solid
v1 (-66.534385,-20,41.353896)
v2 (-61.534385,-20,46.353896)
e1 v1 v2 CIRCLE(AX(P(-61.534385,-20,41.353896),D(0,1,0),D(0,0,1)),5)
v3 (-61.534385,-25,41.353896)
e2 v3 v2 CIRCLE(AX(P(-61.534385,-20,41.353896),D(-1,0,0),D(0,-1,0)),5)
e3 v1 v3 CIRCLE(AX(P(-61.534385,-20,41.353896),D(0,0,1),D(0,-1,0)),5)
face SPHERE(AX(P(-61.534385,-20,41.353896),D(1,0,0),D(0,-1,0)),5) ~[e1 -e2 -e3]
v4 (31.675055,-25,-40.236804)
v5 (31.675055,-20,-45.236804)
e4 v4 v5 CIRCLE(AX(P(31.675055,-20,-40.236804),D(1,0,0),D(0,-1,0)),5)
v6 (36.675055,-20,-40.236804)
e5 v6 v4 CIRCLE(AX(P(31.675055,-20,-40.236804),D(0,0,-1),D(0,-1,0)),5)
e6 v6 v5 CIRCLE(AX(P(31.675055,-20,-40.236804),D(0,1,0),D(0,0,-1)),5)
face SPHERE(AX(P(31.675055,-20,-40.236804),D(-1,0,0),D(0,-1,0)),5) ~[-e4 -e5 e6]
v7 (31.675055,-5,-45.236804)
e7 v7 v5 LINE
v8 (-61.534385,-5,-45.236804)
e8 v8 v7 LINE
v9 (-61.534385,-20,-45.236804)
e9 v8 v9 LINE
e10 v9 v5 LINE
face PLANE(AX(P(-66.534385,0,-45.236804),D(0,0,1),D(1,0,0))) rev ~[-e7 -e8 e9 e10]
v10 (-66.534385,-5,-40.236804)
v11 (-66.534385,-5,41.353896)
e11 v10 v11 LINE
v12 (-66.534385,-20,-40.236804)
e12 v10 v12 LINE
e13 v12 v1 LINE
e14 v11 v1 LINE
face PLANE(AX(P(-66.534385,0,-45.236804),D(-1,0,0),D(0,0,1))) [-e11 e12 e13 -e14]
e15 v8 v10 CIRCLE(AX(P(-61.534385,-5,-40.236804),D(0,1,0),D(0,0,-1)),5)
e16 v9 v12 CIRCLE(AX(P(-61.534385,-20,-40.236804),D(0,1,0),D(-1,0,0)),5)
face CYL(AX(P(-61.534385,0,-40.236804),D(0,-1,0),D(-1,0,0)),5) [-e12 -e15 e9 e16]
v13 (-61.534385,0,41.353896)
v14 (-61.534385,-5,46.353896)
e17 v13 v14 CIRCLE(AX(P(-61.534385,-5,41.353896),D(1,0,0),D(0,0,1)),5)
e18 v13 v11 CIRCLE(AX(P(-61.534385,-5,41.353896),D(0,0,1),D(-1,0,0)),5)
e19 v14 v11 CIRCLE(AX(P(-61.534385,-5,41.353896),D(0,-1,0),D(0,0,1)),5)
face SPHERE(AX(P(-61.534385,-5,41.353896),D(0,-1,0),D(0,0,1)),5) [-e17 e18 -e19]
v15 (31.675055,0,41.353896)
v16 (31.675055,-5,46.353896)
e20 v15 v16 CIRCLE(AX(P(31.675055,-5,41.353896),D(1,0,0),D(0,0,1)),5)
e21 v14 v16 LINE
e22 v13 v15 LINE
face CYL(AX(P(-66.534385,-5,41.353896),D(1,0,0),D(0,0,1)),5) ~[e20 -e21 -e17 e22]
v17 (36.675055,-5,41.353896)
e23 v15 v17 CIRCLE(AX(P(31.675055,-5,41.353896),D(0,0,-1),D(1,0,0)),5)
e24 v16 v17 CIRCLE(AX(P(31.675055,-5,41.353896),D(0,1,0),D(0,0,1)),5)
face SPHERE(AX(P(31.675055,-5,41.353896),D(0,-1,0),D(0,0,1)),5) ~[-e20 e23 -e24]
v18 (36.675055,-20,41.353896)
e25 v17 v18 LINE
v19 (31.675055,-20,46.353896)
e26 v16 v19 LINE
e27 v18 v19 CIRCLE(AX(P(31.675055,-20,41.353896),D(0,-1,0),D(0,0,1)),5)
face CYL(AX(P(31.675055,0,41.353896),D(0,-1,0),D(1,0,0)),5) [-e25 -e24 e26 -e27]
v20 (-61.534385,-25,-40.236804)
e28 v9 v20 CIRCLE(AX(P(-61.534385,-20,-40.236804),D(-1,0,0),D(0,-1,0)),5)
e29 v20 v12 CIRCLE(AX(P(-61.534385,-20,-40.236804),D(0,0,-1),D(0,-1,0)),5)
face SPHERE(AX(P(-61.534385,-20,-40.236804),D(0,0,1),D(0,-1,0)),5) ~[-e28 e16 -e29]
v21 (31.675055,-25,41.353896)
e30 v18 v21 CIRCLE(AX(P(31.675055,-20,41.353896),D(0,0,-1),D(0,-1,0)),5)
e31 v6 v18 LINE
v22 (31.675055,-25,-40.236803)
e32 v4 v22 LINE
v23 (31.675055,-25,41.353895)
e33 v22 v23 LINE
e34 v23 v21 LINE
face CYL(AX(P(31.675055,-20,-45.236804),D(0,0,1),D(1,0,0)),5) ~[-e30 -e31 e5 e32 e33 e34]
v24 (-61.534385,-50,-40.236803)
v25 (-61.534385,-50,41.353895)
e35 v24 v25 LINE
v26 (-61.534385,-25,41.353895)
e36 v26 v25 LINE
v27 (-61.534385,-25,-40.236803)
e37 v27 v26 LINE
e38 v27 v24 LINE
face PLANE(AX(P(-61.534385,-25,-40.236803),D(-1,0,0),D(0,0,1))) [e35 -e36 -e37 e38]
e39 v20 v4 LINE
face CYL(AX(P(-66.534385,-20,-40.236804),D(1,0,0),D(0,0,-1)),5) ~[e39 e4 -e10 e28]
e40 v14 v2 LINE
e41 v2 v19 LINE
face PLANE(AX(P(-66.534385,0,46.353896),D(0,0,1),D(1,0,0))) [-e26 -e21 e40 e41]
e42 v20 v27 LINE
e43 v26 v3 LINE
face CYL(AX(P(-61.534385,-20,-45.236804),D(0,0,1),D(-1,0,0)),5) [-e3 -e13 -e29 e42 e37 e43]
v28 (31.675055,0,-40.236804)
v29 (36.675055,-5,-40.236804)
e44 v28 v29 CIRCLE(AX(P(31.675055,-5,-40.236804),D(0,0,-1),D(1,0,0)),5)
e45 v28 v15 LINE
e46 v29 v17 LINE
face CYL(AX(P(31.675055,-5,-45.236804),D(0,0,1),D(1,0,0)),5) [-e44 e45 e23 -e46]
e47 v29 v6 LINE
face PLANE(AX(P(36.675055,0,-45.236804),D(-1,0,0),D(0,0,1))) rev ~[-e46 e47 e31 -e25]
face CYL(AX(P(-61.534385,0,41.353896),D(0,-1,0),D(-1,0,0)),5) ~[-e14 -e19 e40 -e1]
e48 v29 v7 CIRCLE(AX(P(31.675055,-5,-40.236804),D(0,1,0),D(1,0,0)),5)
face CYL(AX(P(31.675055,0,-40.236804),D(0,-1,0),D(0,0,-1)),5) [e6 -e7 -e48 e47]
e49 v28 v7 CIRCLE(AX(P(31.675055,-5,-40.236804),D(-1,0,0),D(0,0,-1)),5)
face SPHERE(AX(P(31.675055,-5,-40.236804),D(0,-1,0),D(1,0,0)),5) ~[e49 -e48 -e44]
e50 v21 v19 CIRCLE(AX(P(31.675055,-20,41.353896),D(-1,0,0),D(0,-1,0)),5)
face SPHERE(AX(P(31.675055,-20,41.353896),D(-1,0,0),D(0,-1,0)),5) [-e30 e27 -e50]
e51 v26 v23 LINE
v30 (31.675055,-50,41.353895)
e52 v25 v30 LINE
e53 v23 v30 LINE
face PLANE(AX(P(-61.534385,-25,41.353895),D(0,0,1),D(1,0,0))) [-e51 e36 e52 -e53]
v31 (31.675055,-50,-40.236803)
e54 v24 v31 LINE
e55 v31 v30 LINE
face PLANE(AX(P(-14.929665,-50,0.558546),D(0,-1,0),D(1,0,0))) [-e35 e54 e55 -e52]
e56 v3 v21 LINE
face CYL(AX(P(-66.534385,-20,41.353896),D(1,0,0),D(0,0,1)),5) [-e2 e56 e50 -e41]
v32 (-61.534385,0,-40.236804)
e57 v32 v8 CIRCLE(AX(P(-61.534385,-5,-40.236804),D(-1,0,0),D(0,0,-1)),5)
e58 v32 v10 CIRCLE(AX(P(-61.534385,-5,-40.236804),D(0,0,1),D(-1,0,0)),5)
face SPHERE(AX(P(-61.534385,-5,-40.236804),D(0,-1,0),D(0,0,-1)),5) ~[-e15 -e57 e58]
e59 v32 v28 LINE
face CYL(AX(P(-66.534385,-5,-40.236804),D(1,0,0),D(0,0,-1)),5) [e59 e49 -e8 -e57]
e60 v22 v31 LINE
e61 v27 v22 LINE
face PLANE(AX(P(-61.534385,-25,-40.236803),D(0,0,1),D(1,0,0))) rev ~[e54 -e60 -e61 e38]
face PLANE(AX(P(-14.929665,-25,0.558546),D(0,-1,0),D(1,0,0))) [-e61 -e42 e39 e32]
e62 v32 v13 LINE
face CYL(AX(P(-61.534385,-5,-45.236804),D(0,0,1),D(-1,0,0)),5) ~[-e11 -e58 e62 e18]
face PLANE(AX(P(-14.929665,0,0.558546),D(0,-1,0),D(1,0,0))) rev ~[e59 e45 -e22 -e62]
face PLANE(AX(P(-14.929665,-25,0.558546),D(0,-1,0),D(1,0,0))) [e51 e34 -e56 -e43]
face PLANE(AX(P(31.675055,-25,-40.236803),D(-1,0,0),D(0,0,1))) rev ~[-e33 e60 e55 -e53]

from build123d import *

# Parameters (mm, degrees)
F0_W      = 103.20944
F0_H      = 91.590699
F1_DEPTH  = 25
F2_R      = 5
F1_FACE_W = 93.20944
F1_FACE_H = 81.590698
F3_DEPTH  = 25


with BuildPart() as f1:
    # F0 (on Front) → F1 (new body)
    with BuildSketch(Plane.XZ):
        with Locations((-14.929665, 0.558546)):
            Rectangle(F0_W, F0_H)
    extrude(amount=F1_DEPTH)

    # F2
    f2_edges = [f1.edges().sort_by_distance(p)[0] for p in [
        (-14.929665, -25, 46.353895),
        (-66.534385, -25, 0.558546),
        (-14.929665, -25, -45.236804),
        (36.675055, -25, 0.558546),
        (36.675055, -12.5, 46.353895),
        (-66.534385, -12.5, 46.353895),
        (-14.929665, 0, 46.353895),
        (36.675055, -12.5, -45.236804),
        (36.675055, 0, 0.558546),
        (-66.534385, -12.5, -45.236804),
        (-14.929665, 0, -45.236804),
        (-66.534385, 0, 0.558546),
    ]]
    fillet(f2_edges, radius=F2_R)

    # F1_face (on face) → F3 (join)
    with BuildSketch(Plane(origin=(-14.929665, -25, 0.558546), x_dir=(1, 0, 0), z_dir=(0, -1, 0))):
        Rectangle(F1_FACE_W, F1_FACE_H)
    extrude(amount=F3_DEPTH)


solid = f1.part
